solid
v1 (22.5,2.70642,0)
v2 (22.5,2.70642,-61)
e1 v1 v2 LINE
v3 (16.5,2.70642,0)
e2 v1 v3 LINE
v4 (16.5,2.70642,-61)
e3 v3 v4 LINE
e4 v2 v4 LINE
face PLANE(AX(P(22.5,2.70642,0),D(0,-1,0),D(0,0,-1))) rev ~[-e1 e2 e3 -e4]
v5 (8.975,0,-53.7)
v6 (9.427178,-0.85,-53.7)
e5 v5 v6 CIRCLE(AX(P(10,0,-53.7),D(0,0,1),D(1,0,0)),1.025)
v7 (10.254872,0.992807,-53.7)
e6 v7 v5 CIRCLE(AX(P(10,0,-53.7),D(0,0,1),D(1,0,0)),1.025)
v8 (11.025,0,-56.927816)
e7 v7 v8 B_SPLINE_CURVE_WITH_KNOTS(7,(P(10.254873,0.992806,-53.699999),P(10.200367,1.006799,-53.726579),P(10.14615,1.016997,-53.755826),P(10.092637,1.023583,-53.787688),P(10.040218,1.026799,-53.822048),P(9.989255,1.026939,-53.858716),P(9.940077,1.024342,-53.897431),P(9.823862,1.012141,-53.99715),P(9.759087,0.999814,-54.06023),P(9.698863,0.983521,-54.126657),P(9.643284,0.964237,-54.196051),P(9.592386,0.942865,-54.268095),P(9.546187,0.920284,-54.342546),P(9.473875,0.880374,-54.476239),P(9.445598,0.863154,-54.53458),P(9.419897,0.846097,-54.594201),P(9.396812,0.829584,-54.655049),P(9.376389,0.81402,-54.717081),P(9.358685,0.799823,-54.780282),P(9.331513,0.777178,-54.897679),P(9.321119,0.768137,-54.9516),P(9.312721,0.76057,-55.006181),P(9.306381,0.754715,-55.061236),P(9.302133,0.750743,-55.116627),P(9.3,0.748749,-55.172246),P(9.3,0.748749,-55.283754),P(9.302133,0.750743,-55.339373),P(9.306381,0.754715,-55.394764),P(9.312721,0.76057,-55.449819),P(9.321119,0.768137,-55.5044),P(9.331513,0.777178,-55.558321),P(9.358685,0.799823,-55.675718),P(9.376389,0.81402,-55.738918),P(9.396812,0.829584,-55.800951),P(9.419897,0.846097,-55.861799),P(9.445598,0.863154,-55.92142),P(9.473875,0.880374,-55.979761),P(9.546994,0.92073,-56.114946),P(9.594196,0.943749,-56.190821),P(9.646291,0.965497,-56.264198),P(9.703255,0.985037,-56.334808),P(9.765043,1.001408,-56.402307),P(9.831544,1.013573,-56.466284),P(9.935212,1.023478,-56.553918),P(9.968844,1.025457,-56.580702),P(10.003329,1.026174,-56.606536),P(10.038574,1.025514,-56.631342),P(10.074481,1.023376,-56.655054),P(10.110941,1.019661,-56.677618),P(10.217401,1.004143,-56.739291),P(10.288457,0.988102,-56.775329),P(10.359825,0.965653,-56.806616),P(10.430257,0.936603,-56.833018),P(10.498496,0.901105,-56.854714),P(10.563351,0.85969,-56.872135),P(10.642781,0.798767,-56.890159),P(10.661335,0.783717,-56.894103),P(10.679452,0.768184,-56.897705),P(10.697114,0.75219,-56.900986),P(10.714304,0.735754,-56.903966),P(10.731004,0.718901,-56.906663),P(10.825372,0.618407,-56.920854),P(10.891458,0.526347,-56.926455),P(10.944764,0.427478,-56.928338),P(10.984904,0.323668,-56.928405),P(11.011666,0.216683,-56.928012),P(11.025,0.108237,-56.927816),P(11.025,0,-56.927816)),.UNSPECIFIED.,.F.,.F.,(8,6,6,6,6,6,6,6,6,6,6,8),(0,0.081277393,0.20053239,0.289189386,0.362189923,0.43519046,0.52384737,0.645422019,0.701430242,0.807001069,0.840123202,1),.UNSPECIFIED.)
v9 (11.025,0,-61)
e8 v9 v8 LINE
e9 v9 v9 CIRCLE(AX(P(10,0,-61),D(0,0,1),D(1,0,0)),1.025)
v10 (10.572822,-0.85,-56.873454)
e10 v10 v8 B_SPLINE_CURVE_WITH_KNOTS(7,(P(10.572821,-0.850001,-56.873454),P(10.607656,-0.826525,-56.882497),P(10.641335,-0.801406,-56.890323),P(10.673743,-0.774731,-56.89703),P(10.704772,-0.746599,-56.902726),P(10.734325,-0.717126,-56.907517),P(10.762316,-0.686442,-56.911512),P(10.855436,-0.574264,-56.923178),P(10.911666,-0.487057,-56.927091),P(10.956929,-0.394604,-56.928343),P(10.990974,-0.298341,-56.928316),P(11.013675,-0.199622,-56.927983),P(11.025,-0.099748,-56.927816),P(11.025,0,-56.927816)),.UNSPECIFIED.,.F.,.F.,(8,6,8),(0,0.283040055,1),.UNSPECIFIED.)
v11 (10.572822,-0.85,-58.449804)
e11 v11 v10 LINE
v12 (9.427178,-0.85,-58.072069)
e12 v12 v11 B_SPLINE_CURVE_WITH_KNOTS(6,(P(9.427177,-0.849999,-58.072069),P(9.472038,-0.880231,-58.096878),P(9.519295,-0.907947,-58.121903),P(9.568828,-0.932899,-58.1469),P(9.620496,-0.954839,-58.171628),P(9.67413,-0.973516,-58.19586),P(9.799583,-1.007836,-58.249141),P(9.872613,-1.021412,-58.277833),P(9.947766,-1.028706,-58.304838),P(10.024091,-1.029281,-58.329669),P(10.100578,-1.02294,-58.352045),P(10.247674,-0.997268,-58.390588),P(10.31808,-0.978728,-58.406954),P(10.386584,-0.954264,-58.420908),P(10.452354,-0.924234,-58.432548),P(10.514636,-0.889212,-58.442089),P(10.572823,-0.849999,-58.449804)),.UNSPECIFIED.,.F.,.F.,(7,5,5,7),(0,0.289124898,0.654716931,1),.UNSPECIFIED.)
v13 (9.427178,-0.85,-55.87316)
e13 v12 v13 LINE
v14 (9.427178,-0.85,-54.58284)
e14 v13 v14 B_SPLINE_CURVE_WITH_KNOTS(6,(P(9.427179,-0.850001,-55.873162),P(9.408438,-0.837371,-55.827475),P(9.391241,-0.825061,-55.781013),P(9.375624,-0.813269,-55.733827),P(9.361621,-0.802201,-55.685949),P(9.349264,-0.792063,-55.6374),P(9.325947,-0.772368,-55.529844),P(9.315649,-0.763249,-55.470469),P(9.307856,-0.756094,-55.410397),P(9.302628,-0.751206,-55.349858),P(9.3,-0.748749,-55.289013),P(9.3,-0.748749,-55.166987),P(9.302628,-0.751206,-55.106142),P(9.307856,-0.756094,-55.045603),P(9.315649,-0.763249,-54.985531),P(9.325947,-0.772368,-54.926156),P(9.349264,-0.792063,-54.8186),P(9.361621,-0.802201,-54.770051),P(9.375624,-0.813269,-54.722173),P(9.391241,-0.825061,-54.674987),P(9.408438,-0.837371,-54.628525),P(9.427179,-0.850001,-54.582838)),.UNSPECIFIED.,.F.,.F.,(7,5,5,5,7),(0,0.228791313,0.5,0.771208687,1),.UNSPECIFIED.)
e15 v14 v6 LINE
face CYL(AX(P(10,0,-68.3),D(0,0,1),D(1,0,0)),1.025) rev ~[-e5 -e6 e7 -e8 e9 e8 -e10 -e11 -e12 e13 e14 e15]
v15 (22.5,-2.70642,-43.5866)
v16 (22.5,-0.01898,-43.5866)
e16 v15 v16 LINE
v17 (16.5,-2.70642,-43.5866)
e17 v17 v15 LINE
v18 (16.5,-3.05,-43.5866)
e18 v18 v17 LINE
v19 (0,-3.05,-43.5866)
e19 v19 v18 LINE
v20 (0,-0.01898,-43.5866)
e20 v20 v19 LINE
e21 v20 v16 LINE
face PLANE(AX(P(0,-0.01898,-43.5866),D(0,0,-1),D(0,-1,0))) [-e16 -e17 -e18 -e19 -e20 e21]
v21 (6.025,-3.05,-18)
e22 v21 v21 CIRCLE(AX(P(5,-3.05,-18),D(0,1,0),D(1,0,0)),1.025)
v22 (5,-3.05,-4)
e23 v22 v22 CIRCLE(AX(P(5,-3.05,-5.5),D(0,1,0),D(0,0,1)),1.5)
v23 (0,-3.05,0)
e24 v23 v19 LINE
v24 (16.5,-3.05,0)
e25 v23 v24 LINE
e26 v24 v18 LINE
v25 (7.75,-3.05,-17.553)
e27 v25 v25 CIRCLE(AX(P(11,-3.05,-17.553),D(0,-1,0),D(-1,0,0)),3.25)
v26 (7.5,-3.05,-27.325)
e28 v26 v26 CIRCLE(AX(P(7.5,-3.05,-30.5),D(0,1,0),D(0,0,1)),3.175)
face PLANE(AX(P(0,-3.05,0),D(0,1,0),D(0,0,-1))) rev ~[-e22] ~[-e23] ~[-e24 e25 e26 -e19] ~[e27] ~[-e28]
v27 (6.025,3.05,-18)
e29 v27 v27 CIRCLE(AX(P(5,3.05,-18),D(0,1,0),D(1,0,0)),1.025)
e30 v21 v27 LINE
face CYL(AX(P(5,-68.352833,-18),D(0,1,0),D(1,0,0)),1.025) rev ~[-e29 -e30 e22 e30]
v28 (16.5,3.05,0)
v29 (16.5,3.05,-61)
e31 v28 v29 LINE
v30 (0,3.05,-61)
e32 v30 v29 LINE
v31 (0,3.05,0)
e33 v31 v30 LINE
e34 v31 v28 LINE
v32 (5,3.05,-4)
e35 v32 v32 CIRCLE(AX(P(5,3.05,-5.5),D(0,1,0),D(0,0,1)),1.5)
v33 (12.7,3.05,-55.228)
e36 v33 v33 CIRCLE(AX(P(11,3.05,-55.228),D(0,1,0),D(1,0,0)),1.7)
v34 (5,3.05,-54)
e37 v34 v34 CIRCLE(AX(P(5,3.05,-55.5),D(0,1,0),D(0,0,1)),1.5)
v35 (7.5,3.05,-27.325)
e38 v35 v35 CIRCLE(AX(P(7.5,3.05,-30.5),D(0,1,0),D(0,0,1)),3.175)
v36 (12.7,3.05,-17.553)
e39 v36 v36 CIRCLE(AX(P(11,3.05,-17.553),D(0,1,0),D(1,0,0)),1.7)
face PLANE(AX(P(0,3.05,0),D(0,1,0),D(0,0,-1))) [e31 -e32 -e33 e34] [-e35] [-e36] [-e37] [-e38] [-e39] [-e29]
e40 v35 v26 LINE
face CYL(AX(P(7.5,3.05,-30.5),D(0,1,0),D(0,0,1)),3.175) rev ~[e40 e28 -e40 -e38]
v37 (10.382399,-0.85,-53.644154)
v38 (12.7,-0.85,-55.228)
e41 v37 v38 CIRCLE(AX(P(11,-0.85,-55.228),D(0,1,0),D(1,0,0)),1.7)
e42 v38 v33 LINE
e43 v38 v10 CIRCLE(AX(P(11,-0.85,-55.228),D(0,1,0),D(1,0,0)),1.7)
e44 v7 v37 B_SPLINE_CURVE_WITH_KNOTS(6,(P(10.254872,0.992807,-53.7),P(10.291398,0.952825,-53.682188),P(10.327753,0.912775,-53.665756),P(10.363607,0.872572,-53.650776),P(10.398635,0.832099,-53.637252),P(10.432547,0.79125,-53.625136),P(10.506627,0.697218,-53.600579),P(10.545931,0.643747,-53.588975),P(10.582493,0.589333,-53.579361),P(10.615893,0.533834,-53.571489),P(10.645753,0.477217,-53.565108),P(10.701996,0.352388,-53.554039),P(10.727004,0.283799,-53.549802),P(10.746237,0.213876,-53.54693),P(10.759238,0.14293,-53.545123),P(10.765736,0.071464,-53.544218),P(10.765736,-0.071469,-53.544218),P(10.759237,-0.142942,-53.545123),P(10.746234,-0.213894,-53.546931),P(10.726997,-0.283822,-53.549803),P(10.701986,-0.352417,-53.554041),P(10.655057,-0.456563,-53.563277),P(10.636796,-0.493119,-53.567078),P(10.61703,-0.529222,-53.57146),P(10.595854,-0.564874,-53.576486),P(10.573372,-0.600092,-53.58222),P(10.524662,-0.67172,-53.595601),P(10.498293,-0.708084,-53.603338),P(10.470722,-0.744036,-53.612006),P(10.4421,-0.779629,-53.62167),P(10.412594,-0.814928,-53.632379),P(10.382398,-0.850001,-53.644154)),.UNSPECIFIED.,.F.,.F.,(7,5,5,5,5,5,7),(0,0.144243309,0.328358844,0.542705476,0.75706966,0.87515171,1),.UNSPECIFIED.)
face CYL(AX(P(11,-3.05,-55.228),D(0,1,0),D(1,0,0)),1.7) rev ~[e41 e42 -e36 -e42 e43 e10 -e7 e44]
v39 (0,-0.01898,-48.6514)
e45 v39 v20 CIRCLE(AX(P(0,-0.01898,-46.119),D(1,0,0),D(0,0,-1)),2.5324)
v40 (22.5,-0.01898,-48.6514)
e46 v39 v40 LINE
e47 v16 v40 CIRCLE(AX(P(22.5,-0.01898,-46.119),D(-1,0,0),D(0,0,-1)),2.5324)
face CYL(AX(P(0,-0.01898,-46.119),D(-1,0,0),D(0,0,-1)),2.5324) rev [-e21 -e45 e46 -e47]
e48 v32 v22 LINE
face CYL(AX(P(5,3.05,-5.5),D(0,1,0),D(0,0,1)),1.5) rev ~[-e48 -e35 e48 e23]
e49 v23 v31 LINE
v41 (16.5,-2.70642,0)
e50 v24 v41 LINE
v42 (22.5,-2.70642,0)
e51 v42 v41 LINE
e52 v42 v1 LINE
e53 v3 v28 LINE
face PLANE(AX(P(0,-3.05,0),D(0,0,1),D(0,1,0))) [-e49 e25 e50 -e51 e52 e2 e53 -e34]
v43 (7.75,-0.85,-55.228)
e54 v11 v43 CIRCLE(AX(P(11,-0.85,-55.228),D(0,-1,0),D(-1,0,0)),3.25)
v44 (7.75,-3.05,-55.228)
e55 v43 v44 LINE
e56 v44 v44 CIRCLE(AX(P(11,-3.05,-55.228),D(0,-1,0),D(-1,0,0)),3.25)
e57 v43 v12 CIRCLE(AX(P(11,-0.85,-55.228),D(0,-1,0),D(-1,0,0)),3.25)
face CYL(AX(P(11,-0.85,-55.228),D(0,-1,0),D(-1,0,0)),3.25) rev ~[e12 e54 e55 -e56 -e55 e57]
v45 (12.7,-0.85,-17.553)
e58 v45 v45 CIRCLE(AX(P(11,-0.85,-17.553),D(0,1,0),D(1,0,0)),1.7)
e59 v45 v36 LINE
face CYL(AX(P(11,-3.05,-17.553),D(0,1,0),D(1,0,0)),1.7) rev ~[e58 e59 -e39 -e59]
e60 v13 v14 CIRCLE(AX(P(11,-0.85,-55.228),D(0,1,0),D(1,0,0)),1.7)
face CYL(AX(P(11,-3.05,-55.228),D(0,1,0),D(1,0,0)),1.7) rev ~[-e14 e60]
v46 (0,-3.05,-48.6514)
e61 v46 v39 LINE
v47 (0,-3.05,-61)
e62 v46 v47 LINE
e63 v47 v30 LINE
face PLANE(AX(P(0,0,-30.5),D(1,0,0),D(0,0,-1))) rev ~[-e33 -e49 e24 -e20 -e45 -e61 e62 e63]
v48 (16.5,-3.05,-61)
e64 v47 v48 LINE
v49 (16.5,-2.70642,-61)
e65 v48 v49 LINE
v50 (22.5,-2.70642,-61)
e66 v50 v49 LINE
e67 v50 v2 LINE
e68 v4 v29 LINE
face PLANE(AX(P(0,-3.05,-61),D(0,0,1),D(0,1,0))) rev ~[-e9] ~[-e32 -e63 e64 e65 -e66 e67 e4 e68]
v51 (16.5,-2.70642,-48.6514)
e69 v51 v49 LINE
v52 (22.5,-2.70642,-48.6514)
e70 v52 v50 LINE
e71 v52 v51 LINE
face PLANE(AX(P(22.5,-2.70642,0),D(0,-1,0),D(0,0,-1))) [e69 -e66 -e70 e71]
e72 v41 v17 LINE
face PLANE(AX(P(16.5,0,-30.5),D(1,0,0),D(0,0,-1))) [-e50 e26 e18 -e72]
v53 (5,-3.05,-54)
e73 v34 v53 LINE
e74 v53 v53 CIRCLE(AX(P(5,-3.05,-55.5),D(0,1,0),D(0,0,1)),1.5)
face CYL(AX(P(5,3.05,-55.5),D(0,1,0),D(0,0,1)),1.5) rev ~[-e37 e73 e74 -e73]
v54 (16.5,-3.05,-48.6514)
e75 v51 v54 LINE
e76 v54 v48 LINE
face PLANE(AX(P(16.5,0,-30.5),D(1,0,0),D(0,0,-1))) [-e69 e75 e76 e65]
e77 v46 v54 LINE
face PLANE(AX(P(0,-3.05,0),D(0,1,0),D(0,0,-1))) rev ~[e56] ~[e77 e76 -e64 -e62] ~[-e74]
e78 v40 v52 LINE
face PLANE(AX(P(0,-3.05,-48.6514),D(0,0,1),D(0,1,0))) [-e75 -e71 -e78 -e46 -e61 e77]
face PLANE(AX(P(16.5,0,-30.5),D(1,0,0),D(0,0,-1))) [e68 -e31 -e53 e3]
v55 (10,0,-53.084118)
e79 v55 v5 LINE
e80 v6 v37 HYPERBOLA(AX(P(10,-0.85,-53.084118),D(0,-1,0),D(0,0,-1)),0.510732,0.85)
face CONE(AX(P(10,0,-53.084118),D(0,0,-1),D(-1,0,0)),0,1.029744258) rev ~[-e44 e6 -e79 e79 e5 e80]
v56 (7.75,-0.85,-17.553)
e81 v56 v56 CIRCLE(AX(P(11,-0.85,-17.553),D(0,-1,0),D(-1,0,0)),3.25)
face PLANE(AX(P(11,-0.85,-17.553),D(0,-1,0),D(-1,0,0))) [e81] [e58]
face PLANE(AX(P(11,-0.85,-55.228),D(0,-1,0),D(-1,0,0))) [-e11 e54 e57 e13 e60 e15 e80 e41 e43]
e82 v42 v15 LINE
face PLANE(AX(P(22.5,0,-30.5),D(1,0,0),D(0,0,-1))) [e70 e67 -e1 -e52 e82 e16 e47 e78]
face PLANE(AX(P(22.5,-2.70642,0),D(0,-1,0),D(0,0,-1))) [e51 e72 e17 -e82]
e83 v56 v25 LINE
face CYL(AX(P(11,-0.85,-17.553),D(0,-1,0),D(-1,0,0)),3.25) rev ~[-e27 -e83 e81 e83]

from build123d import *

# Parameters (mm, degrees)
SKETCH1_W                                        = 61
SKETCH1_H                                        = 6.1
BOSS_EXTRUDE1_DEPTH                              = 22.5
SKETCH2_OUTSIDE_W                                = 76.06
SKETCH2_OUTSIDE_H                                = 21.16
SKETCH2_OUTSIDE_W_2                              = 61
SKETCH2_OUTSIDE_H_2                              = 5.41284
CUT_EXTRUDE1_DEPTH                               = 6
CUT_EXTRUDE3_DEPTH                               = 23.5
SKETCH6_R                                        = 3.175
CUT_EXTRUDE4_DEPTH                               = 7.1
SKETCH7_R                                        = 1.5
CUT_EXTRUDE5_DEPTH                               = 7.1
M2_5X0_45_TAPPED_HOLE1_D                         = 2.05
M2_5X0_45_TAPPED_HOLE2_D                         = 2.05
M2_5X0_45_TAPPED_HOLE2_DEPTH                     = 7.3
M2_5X0_45_TAPPED_HOLE2_TIP                       = 0.615882135
CBORE_FOR_M3_PAN_HEAD_MACHINE_SCREW1_D           = 3.4
CBORE_FOR_M3_PAN_HEAD_MACHINE_SCREW1_CBORE_D     = 6.5
CBORE_FOR_M3_PAN_HEAD_MACHINE_SCREW1_CBORE_DEPTH = 2.2


with BuildPart() as part:
    # Sketch1 → Boss-Extrude1 (new body)
    with BuildSketch(Plane(origin=(0, 0, 0), x_dir=(0, 0, -1), z_dir=(1, 0, 0))):
        with Locations((30.5, 0)):
            Rectangle(SKETCH1_W, SKETCH1_H)
    extrude(amount=BOSS_EXTRUDE1_DEPTH)

    # Sketch2 outside → Cut-Extrude1 (cut)
    with BuildSketch(Plane(origin=(22.5, 0, 0), x_dir=(0, 0, -1), z_dir=(1, 0, 0))):
        with Locations((30.5, 0)):
            Rectangle(SKETCH2_OUTSIDE_W, SKETCH2_OUTSIDE_H)
        with Locations((30.5, 0)):
            Rectangle(SKETCH2_OUTSIDE_W_2, SKETCH2_OUTSIDE_H_2, mode=Mode.SUBTRACT)
    extrude(amount=-CUT_EXTRUDE1_DEPTH, mode=Mode.SUBTRACT)

    # Sketch5 → Cut-Extrude3 (cut, through all)
    with BuildSketch(Plane.ZY):
        with BuildLine():
            Line((-43.5866, -0.01898), (-43.5866, -3.05))
            Line((-43.5866, -3.05), (-48.6514, -3.05))
            Line((-48.6514, -3.05), (-48.6514, -0.01898))
            ThreePointArc((-48.6514, -0.01898), (-46.119, 2.51342), (-43.5866, -0.01898))
        make_face()
    extrude(amount=-CUT_EXTRUDE3_DEPTH, mode=Mode.SUBTRACT)

    # Sketch6 → Cut-Extrude4 (cut, through all)
    with BuildSketch(Plane(origin=(0, 3.05, 0), x_dir=(1, 0, 0), z_dir=(0, 1, 0))):
        with Locations(Location((7.5, 30.5, 0), (0, 0, 270))):  # turned: the seam where the file's is
            Circle(SKETCH6_R)
    extrude(amount=-CUT_EXTRUDE4_DEPTH, mode=Mode.SUBTRACT)

    # Sketch7 → Cut-Extrude5 (cut, through all)
    with BuildSketch(Plane(origin=(0, 3.05, 0), x_dir=(1, 0, 0), z_dir=(0, 1, 0))):
        with Locations(Location((5, 55.5, 0), (0, 0, 270))):  # turned: the seam where the file's is
            Circle(SKETCH7_R)
        with Locations(Location((5, 5.5, 0), (0, 0, 270))):  # turned: the seam where the file's is
            Circle(SKETCH7_R)
    extrude(amount=-CUT_EXTRUDE5_DEPTH, mode=Mode.SUBTRACT)

    # M2.5x0.45 Tapped Hole1 (through all)
    with Locations(Plane(origin=(0, -3.05, 0), x_dir=(-1, 0, 0), z_dir=(0, -1, 0))):
        with Locations((-5, 18)):
            Hole(M2_5X0_45_TAPPED_HOLE1_D / 2)

    # M2.5x0.45 Tapped Hole2
    with Locations(Plane(origin=(0, 0, -61), x_dir=(-1, 0, 0), z_dir=(0, 0, -1))):
        with Locations((-10, 0)):
            Hole(M2_5X0_45_TAPPED_HOLE2_D / 2, depth=M2_5X0_45_TAPPED_HOLE2_DEPTH)
            with Locations((0, 0, -(M2_5X0_45_TAPPED_HOLE2_DEPTH + M2_5X0_45_TAPPED_HOLE2_TIP / 2))):  # 118° drill point
                Cone(0, M2_5X0_45_TAPPED_HOLE2_D / 2, M2_5X0_45_TAPPED_HOLE2_TIP, mode=Mode.SUBTRACT)

    # CBORE for M3 Pan Head Machine Screw1 (through all)
    with Locations(Plane(origin=(0, -3.05, 0), x_dir=(-1, 0, 0), z_dir=(0, -1, 0))):
        with Locations((-11, 55.228), (-11, 17.553)):
            CounterBoreHole(CBORE_FOR_M3_PAN_HEAD_MACHINE_SCREW1_D / 2, CBORE_FOR_M3_PAN_HEAD_MACHINE_SCREW1_CBORE_D / 2, CBORE_FOR_M3_PAN_HEAD_MACHINE_SCREW1_CBORE_DEPTH)


solid = part.part
